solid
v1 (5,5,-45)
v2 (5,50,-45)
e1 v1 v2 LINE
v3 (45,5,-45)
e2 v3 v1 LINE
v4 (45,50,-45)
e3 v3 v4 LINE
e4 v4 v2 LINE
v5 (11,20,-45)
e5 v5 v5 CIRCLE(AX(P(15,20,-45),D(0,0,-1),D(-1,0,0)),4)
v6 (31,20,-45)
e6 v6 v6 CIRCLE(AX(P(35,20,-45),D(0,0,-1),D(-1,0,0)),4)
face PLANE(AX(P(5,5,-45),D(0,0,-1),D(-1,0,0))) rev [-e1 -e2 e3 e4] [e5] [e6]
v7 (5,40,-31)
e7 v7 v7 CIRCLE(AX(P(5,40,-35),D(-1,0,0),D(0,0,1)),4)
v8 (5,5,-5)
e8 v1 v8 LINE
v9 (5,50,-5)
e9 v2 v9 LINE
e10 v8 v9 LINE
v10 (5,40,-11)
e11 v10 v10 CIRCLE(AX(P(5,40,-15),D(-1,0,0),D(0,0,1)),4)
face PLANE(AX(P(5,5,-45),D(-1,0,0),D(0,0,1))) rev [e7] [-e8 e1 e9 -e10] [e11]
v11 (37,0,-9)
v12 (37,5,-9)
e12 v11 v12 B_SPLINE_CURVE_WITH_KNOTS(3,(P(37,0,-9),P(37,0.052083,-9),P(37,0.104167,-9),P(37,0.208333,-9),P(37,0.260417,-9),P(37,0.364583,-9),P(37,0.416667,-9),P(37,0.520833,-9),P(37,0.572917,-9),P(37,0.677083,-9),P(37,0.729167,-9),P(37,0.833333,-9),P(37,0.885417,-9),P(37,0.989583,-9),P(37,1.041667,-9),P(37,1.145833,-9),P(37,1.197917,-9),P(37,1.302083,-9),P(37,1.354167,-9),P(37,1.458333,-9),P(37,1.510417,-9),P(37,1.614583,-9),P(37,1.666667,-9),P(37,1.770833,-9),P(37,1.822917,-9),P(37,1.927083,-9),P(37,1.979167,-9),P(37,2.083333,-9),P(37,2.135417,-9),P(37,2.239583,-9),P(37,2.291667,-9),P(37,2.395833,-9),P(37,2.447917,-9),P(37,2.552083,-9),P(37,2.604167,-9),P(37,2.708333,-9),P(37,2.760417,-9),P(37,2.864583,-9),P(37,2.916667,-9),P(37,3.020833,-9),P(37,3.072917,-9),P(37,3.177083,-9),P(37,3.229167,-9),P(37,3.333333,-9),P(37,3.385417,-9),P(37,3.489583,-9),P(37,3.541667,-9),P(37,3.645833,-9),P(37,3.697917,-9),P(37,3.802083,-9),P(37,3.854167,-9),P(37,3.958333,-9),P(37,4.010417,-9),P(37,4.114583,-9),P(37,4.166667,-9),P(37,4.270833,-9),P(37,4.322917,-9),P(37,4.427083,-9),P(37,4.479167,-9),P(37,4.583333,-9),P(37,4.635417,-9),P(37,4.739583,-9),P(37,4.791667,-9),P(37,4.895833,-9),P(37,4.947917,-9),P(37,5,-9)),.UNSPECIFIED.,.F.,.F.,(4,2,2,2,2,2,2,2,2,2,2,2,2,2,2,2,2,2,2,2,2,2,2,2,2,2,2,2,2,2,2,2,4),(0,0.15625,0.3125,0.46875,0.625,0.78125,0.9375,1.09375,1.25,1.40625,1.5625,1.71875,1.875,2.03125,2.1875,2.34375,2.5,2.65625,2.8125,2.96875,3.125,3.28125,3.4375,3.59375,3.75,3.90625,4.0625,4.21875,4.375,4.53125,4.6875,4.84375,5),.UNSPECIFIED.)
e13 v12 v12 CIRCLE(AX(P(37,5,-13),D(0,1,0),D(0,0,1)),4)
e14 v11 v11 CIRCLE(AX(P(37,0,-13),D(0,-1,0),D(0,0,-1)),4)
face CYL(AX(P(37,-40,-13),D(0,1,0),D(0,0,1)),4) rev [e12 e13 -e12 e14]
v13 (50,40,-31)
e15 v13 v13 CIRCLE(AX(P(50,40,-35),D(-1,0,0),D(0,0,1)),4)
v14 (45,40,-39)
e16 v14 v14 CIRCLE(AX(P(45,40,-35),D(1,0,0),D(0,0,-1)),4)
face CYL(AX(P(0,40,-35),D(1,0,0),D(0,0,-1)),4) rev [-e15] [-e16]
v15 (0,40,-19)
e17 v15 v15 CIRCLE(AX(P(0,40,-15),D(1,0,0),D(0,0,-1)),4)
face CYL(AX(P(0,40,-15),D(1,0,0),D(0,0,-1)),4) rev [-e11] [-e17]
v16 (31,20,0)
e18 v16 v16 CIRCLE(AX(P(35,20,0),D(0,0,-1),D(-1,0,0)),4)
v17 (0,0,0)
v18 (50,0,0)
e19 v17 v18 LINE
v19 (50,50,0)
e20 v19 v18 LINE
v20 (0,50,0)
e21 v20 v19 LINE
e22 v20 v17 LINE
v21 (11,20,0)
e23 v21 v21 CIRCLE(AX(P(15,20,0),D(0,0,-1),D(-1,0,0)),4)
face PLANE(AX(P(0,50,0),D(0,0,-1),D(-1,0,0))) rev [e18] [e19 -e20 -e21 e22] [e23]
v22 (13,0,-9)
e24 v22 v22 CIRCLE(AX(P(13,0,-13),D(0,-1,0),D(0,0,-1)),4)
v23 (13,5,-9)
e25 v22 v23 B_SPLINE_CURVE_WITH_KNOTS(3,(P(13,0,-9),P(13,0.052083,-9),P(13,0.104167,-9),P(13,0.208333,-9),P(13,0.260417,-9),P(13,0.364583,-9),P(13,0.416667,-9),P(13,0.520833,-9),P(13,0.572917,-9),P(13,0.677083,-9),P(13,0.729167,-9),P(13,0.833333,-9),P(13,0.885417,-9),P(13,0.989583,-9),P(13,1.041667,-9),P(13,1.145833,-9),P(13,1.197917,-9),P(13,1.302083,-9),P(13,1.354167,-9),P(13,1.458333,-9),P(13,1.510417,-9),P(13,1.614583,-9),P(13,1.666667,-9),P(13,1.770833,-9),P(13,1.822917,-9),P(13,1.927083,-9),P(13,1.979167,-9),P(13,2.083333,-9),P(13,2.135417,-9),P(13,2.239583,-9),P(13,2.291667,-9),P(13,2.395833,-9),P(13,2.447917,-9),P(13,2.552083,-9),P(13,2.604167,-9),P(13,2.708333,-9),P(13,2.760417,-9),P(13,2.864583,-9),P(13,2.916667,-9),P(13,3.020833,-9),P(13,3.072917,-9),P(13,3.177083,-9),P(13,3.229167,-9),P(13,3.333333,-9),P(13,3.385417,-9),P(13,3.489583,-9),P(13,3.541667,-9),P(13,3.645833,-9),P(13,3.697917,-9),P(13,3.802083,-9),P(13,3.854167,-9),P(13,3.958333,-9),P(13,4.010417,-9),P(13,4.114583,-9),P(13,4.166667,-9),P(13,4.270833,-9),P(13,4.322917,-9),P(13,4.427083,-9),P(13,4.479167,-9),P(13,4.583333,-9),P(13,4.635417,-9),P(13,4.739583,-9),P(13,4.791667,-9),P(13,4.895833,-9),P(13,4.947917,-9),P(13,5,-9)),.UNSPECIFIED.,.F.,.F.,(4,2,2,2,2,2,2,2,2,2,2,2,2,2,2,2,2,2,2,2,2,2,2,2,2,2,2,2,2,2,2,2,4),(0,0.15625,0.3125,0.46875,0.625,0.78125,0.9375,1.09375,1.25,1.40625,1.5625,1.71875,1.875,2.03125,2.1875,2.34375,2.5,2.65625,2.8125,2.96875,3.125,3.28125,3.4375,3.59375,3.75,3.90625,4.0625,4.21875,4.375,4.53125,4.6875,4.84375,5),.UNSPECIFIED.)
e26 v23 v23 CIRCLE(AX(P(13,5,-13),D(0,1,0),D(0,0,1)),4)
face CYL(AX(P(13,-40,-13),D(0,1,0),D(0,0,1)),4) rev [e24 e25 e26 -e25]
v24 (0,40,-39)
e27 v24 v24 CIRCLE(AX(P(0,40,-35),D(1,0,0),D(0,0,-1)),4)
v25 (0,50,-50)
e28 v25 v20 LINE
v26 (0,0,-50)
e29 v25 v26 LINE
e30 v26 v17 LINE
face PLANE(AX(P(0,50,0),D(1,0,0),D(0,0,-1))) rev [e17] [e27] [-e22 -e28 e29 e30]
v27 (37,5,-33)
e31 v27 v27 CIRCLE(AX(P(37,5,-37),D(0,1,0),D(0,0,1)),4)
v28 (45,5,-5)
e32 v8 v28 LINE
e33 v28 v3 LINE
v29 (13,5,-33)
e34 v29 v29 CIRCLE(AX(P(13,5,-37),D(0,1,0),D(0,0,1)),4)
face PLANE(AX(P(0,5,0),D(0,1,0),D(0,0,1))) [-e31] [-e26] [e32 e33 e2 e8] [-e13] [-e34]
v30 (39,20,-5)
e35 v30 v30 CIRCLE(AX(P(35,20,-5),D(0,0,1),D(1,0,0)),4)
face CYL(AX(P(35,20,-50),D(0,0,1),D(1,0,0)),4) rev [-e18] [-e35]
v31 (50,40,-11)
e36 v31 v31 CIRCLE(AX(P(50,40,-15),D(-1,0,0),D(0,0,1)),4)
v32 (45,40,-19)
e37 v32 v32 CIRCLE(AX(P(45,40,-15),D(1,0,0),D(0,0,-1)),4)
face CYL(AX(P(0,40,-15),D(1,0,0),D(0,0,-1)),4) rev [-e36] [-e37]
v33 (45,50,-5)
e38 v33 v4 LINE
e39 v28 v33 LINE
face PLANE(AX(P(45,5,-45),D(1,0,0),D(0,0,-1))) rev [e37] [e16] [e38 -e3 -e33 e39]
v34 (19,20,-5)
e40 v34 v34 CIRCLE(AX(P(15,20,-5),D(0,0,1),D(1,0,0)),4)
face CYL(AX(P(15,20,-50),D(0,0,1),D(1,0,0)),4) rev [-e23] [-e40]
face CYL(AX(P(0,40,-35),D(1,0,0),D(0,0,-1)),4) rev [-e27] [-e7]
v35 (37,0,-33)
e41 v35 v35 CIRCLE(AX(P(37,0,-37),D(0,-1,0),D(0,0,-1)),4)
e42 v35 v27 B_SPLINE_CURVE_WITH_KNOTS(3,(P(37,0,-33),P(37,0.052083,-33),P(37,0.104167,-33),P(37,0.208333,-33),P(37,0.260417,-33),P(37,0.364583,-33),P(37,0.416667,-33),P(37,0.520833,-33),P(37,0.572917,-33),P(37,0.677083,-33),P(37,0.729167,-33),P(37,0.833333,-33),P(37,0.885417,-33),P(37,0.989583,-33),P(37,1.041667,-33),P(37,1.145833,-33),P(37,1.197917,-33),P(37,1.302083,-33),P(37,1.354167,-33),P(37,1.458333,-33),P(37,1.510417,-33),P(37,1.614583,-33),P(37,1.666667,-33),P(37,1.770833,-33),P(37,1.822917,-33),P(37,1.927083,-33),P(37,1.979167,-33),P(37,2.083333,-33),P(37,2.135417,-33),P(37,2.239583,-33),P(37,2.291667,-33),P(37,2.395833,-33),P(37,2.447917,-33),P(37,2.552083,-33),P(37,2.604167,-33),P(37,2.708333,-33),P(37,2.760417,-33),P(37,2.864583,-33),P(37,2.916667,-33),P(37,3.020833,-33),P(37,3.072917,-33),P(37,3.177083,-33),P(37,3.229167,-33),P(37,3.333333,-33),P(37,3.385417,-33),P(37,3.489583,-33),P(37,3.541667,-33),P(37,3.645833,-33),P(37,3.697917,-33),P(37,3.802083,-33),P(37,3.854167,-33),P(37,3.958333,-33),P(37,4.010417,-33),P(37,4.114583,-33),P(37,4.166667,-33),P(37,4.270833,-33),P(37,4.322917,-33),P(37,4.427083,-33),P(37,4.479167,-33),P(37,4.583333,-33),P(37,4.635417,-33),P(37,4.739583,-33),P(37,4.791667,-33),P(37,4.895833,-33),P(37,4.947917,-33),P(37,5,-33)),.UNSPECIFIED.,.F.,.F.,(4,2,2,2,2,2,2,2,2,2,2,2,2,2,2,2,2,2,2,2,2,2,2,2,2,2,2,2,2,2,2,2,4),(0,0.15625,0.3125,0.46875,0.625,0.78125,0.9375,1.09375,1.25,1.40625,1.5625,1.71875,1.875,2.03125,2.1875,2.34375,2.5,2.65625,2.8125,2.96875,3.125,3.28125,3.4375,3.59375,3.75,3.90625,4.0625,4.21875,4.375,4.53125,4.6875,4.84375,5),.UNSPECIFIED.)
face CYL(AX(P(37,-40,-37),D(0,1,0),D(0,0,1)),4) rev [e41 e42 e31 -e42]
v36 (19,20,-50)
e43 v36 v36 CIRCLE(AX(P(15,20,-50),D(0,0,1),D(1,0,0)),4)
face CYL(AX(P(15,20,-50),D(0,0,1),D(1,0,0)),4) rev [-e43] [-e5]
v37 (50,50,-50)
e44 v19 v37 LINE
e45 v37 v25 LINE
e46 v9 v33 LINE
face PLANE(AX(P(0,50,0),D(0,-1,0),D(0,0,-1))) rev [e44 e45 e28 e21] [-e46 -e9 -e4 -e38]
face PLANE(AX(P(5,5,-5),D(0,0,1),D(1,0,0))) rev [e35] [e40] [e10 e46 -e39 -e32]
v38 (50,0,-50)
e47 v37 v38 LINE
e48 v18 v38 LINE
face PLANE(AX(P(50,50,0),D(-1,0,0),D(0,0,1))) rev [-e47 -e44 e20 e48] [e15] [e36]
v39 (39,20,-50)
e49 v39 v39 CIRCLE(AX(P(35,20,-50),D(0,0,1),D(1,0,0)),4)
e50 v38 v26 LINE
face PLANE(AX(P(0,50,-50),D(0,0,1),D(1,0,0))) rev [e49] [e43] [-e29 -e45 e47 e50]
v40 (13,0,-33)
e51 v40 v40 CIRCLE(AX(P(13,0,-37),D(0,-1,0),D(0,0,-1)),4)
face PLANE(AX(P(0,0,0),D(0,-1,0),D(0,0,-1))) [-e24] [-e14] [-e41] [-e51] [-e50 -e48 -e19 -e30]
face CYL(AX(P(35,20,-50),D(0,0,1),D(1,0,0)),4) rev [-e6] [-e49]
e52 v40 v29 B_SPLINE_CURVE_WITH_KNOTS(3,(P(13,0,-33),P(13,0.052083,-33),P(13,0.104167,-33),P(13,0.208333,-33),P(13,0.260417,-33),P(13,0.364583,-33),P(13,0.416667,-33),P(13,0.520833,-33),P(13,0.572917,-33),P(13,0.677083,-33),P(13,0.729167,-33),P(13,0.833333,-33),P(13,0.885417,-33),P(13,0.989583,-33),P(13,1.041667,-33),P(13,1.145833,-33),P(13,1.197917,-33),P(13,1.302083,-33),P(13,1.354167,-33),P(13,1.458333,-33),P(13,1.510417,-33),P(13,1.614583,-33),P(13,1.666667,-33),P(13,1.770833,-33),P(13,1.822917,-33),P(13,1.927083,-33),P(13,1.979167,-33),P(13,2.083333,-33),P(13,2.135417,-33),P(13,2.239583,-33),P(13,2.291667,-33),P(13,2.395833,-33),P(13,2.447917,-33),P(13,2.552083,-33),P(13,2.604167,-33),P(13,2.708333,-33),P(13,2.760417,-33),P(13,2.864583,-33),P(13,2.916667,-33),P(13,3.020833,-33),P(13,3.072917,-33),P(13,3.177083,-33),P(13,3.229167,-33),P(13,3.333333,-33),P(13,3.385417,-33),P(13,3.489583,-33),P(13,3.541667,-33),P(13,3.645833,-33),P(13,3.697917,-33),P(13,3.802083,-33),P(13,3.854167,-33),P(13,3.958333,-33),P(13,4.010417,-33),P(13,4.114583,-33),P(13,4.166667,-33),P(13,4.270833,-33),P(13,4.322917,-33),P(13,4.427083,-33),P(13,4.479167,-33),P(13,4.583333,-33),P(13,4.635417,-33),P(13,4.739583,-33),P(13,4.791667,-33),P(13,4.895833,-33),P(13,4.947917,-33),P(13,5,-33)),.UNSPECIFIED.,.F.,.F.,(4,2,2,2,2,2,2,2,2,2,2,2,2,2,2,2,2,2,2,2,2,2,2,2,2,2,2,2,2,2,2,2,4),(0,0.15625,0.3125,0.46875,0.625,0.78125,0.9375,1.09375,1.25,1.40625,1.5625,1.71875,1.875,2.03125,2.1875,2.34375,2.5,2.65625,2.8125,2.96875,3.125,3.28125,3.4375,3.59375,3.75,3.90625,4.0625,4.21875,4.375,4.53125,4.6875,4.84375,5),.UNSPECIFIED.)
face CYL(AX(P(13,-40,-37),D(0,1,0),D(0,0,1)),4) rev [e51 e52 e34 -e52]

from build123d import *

# Parameters (mm, degrees)
SKETCH1_W               = 50
SKETCH1_H               = 50
BOSS_EXTRUDE1_DEPTH     = 50
SKETCH2_W               = 40
SKETCH2_H               = 40
CUT_EXTRUDE1_DEPTH      = 45
SKETCH3_R               = 4
CUT_EXTRUDE2_DEPTH      = 45
CUT_EXTRUDE3_DEPTH      = 87.602540378
CUT_EXTRUDE3_DEPTH_BACK = 87.602540378
SKETCH4_R               = 4
CUT_EXTRUDE4_DEPTH      = 87.602540378
CUT_EXTRUDE4_DEPTH_BACK = 87.602540378
SKETCH5_R               = 4


with BuildPart() as part:
    # Sketch1 → Boss-Extrude1 (new body)
    with BuildSketch(Plane(origin=(0, 0, 0), x_dir=(1, 0, 0), z_dir=(0, 1, 0))):
        with Locations((25, 25)):
            Rectangle(SKETCH1_W, SKETCH1_H)
    extrude(amount=BOSS_EXTRUDE1_DEPTH)

    # Sketch2 → Cut-Extrude1 (cut)
    with BuildSketch(Plane(origin=(0, 50, 0), x_dir=(1, 0, 0), z_dir=(0, 1, 0))):
        with Locations((25, 25)):
            Rectangle(SKETCH2_W, SKETCH2_H)
    extrude(amount=-CUT_EXTRUDE1_DEPTH, mode=Mode.SUBTRACT)

    # Sketch3 → Cut-Extrude2 (cut)
    with BuildSketch(Plane(origin=(0, 5, 0), x_dir=(1, 0, 0), z_dir=(0, 1, 0))):
        with Locations(Location((13, 37, 0), (0, 0, 270))):
            Circle(SKETCH3_R)
        with Locations(Location((37, 37, 0), (0, 0, 270))):
            Circle(SKETCH3_R)
        with Locations(Location((13, 13, 0), (0, 0, 270))):
            Circle(SKETCH3_R)
        with Locations(Location((37, 13, 0), (0, 0, 270))):
            Circle(SKETCH3_R)
    extrude(amount=-CUT_EXTRUDE2_DEPTH, mode=Mode.SUBTRACT)

    # Sketch4 → Cut-Extrude3 (cut, two sides: drawn at the far end of the back side and taken through both)
    with BuildSketch(Plane.XY.offset(-CUT_EXTRUDE3_DEPTH_BACK)):
        with Locations((15, 20)):
            Circle(SKETCH4_R)
        with Locations((35, 20)):
            Circle(SKETCH4_R)
    extrude(amount=CUT_EXTRUDE3_DEPTH + CUT_EXTRUDE3_DEPTH_BACK, mode=Mode.SUBTRACT)

    # Sketch5 → Cut-Extrude4 (cut, two sides: drawn at the far end of the back side and taken through both)
    with BuildSketch(Plane(origin=(50, 0, 0), x_dir=(0, 0, -1), z_dir=(1, 0, 0)).offset(-CUT_EXTRUDE4_DEPTH_BACK)):
        with Locations((15, 40)):
            Circle(SKETCH5_R)
        with Locations((35, 40)):
            Circle(SKETCH5_R)
    extrude(amount=CUT_EXTRUDE4_DEPTH + CUT_EXTRUDE4_DEPTH_BACK, mode=Mode.SUBTRACT)


solid = part.part
